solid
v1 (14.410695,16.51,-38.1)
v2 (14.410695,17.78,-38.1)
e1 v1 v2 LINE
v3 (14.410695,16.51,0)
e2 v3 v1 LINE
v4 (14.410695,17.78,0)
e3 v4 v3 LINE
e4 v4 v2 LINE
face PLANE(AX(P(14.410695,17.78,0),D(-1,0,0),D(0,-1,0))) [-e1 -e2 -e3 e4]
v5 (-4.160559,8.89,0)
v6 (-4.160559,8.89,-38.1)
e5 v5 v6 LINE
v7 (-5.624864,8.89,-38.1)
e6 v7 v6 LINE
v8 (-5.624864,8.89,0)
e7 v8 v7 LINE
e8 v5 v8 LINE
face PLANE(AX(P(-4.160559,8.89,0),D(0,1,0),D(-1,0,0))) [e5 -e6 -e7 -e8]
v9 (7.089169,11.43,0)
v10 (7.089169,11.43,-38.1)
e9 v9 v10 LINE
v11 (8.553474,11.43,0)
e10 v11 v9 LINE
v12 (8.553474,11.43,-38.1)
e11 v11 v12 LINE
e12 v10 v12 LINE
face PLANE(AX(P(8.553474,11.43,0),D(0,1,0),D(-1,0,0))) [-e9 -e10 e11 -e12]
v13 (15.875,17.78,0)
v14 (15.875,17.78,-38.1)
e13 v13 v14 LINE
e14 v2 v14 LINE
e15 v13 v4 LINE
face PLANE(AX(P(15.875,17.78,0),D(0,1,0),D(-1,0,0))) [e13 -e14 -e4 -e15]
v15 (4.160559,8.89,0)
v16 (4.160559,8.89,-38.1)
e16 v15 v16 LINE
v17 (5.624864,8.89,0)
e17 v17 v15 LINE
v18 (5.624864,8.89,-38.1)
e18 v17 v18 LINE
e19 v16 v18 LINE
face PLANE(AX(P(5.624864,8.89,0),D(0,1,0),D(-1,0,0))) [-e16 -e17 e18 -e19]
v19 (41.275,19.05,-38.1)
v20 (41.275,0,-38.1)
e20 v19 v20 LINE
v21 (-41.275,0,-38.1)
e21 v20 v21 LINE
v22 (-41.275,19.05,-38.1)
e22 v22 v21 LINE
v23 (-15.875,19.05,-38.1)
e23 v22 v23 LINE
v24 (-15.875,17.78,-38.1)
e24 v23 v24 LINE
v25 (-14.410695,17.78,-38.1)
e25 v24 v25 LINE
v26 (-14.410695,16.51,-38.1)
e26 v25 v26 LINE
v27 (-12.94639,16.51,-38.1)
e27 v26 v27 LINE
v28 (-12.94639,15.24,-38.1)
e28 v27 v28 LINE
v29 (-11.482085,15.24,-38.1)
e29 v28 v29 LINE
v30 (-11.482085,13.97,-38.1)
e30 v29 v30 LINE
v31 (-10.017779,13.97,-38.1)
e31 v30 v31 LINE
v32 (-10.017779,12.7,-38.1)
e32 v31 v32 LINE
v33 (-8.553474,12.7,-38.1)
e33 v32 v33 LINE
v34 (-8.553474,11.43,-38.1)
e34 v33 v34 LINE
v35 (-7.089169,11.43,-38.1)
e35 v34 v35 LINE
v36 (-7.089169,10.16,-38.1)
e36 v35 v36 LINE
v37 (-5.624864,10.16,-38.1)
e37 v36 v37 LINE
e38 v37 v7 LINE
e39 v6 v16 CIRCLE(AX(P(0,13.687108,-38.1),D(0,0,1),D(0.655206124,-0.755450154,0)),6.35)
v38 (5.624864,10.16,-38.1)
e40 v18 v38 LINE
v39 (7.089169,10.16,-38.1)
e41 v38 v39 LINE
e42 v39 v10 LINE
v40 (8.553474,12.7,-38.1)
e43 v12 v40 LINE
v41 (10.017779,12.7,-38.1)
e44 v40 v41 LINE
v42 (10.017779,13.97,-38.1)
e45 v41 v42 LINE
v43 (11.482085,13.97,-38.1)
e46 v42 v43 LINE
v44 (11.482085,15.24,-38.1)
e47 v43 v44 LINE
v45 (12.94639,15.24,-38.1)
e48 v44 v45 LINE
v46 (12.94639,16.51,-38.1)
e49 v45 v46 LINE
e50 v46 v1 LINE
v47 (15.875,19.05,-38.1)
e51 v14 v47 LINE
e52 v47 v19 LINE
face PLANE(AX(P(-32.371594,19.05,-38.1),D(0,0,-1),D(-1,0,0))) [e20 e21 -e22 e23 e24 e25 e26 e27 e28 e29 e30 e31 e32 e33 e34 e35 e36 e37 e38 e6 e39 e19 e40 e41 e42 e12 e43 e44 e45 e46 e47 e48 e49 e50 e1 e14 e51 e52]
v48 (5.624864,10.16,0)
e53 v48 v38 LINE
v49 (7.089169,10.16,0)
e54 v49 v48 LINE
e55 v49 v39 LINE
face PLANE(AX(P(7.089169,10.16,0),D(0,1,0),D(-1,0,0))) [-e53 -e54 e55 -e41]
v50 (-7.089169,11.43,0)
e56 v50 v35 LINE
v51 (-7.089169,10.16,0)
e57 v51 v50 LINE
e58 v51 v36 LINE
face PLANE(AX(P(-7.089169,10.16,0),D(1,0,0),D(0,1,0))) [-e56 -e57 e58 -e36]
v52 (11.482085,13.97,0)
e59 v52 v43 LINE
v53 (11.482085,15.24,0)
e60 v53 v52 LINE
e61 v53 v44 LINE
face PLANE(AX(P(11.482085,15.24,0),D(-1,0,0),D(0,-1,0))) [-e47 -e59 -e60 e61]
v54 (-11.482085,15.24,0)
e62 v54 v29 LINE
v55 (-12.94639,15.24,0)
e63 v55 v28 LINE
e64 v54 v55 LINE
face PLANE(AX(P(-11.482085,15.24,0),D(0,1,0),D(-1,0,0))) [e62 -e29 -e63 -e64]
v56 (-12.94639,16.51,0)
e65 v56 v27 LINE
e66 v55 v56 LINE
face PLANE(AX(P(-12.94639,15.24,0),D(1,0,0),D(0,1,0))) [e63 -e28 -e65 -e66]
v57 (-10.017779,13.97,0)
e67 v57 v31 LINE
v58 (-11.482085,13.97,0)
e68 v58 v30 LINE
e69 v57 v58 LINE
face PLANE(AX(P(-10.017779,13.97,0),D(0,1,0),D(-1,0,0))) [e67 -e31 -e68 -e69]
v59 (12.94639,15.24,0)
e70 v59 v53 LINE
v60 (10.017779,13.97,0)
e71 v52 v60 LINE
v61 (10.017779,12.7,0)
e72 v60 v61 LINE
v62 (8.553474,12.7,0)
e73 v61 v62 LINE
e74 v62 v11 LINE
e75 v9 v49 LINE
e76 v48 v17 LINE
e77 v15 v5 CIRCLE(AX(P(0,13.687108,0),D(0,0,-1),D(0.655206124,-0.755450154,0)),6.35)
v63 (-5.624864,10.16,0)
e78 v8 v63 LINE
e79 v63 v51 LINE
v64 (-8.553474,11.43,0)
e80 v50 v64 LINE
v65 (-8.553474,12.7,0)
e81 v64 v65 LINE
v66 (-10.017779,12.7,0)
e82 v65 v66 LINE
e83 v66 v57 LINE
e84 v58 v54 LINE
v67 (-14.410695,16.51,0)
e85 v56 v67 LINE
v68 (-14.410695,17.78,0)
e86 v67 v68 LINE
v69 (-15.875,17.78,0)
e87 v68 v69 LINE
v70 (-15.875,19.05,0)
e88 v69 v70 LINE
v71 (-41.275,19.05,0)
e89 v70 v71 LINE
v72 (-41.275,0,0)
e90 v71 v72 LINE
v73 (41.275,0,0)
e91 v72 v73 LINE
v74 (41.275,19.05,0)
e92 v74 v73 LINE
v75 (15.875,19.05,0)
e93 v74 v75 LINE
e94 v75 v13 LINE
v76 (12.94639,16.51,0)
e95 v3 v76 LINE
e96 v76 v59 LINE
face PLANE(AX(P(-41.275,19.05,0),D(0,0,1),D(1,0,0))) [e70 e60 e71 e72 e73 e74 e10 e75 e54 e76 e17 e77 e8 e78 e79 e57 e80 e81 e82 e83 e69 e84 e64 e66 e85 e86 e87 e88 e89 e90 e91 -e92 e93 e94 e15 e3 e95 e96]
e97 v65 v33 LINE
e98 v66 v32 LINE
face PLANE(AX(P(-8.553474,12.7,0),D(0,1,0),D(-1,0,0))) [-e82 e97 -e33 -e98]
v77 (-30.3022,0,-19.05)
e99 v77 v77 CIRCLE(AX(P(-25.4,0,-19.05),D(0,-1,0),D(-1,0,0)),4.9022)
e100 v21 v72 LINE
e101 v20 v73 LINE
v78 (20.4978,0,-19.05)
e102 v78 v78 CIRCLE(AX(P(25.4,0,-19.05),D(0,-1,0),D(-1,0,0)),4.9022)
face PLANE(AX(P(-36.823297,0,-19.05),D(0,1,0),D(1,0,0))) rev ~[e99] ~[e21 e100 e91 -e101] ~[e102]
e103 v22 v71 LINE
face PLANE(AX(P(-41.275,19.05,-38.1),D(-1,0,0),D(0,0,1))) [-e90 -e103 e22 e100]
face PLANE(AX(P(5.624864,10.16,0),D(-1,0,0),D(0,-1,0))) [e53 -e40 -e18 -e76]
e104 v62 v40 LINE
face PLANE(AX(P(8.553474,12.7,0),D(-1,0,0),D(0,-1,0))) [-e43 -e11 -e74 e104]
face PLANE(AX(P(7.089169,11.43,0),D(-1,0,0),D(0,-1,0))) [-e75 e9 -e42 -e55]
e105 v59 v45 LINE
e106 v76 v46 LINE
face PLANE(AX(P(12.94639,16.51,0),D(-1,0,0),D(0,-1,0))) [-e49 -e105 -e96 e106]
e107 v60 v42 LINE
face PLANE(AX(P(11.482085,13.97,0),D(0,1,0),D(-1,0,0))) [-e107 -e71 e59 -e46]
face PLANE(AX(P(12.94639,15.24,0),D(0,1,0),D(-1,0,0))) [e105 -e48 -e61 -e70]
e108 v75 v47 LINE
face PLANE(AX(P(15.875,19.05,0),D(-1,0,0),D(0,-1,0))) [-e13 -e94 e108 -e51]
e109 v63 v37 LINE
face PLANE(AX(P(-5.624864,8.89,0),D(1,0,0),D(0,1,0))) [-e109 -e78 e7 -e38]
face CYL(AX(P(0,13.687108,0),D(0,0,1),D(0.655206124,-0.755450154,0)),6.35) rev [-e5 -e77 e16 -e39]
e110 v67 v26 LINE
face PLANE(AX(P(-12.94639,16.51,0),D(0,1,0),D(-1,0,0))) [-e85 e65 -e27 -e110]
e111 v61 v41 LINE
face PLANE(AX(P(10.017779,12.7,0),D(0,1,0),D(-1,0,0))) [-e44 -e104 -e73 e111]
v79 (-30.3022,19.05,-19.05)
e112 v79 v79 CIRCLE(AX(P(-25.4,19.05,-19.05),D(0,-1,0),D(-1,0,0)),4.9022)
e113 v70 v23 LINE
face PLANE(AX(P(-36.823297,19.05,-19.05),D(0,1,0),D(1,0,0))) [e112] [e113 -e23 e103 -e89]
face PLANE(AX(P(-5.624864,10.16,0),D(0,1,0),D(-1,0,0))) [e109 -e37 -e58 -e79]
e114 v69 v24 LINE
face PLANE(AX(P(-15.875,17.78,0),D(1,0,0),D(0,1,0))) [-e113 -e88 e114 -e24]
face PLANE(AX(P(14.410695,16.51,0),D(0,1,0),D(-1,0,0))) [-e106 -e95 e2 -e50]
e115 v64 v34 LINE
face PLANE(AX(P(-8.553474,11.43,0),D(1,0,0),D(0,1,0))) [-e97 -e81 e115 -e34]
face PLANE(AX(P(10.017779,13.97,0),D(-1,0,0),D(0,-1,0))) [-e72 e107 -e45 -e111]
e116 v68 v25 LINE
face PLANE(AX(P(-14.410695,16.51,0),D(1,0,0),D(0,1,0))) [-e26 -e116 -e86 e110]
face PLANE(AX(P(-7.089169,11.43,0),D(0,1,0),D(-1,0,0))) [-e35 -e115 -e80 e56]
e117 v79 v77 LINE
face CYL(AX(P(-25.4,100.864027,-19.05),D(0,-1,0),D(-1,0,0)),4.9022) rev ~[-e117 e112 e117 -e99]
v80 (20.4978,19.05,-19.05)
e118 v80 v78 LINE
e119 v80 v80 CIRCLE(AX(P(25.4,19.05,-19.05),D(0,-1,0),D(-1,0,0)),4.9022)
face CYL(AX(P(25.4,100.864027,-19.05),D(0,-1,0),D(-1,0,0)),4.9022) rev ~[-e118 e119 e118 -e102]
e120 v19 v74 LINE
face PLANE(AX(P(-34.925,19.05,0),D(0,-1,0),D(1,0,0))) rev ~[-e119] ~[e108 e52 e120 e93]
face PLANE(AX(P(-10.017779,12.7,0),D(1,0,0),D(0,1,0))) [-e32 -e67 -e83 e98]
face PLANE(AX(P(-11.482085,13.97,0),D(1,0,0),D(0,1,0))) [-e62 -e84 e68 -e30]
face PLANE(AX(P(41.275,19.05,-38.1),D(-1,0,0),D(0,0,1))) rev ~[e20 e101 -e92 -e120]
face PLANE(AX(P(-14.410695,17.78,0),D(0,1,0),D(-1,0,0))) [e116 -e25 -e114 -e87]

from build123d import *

# Parameters (mm, degrees)
SKETCH1_W               = 69.85
SKETCH1_H               = 19.05
BOSS_EXTRUDE1_DEPTH     = 38.1
CUT_EXTRUDE1_REACH      = 40.1
F_3_8_CLEARANCE_HOLE1_D = 9.8044
BOSS_EXTRUDE2_DEPTH     = 19.05


with BuildPart() as part:
    # Sketch1 → Boss-Extrude1 (new body)
    with BuildSketch(Plane.XY):
        with Locations((0, 9.525)):
            Rectangle(SKETCH1_W, SKETCH1_H)
    extrude(amount=-BOSS_EXTRUDE1_DEPTH)

    # Sketch2 → Cut-Extrude1 (cut, up to next)
    with BuildSketch(Plane.XY, mode=Mode.PRIVATE) as cut_extrude1_sk1:
        with BuildLine():
            Line((-15.875, 19.05), (0, 19.05))
            Line((0, 19.05), (15.875, 19.05))
            Line((15.875, 19.05), (15.875, 17.78))
            Line((15.875, 17.78), (14.410694861, 17.78))
            Line((14.410694861, 17.78), (14.410694861, 16.51))
            Line((14.410694861, 16.51), (12.946389723, 16.51))
            Line((12.946389723, 16.51), (12.946389723, 15.24))
            Line((12.946389723, 15.24), (11.482084584, 15.24))
            Line((11.482084584, 15.24), (11.482084584, 13.97))
            Line((11.482084584, 13.97), (10.017779445, 13.97))
            Line((10.017779445, 13.97), (10.017779445, 12.7))
            Line((10.017779445, 12.7), (8.553474306, 12.7))
            Line((8.553474306, 12.7), (8.553474306, 11.43))
            Line((8.553474306, 11.43), (7.089169168, 11.43))
            Line((7.089169168, 11.43), (7.089169168, 10.16))
            Line((7.089169168, 10.16), (5.624864029, 10.16))
            Line((5.624864029, 10.16), (5.624864029, 8.89))
            Line((5.624864029, 8.89), (4.16055889, 8.89))
            ThreePointArc((4.16055889, 8.89), (0, 7.337108475), (-4.16055889, 8.89))
            Line((-4.16055889, 8.89), (-5.624864029, 8.89))
            Line((-5.624864029, 8.89), (-5.624864029, 10.16))
            Line((-5.624864029, 10.16), (-7.089169168, 10.16))
            Line((-7.089169168, 10.16), (-7.089169168, 11.43))
            Line((-7.089169168, 11.43), (-8.553474306, 11.43))
            Line((-8.553474306, 11.43), (-8.553474306, 12.7))
            Line((-8.553474306, 12.7), (-10.017779445, 12.7))
            Line((-10.017779445, 12.7), (-10.017779445, 13.97))
            Line((-10.017779445, 13.97), (-11.482084584, 13.97))
            Line((-11.482084584, 13.97), (-11.482084584, 15.24))
            Line((-11.482084584, 15.24), (-12.946389723, 15.24))
            Line((-12.946389723, 15.24), (-12.946389723, 16.51))
            Line((-12.946389723, 16.51), (-14.410694861, 16.51))
            Line((-14.410694861, 16.51), (-14.410694861, 17.78))
            Line((-14.410694861, 17.78), (-15.875, 17.78))
            Line((-15.875, 17.78), (-15.875, 19.05))
        make_face()
    cut_extrude1_tool1 = extrude(cut_extrude1_sk1.sketch, amount=-CUT_EXTRUDE1_REACH, mode=Mode.PRIVATE) & part.part
    add(cut_extrude1_tool1.solids().sort_by_distance((0, 14.620592, 0))[0], mode=Mode.SUBTRACT)

    # 3/8 Clearance Hole1 (through all)
    with Locations(Plane(origin=(0, 19.05, 0), x_dir=(1, 0, 0), z_dir=(0, 1, 0))):
        with Locations((-25.4, 19.05), (25.4, 19.05)):
            Hole(F_3_8_CLEARANCE_HOLE1_D / 2)

    # Sketch7 → Boss-Extrude2 (add)
    with BuildSketch(Plane(origin=(0, 19.05, 0), x_dir=(1, 0, 0), z_dir=(0, 1, 0))):
        Polygon((-34.925, 38.1), (-41.275, 38.1), (-41.275, 0), (-32.371593609, 0), (-32.371593609, 38.1), align=None)
        Polygon((41.275, 0), (32.371593609, 0), (32.371593609, 38.1), (34.925, 38.1), (41.275, 38.1), align=None)
    extrude(amount=-BOSS_EXTRUDE2_DEPTH)


solid = part.part
